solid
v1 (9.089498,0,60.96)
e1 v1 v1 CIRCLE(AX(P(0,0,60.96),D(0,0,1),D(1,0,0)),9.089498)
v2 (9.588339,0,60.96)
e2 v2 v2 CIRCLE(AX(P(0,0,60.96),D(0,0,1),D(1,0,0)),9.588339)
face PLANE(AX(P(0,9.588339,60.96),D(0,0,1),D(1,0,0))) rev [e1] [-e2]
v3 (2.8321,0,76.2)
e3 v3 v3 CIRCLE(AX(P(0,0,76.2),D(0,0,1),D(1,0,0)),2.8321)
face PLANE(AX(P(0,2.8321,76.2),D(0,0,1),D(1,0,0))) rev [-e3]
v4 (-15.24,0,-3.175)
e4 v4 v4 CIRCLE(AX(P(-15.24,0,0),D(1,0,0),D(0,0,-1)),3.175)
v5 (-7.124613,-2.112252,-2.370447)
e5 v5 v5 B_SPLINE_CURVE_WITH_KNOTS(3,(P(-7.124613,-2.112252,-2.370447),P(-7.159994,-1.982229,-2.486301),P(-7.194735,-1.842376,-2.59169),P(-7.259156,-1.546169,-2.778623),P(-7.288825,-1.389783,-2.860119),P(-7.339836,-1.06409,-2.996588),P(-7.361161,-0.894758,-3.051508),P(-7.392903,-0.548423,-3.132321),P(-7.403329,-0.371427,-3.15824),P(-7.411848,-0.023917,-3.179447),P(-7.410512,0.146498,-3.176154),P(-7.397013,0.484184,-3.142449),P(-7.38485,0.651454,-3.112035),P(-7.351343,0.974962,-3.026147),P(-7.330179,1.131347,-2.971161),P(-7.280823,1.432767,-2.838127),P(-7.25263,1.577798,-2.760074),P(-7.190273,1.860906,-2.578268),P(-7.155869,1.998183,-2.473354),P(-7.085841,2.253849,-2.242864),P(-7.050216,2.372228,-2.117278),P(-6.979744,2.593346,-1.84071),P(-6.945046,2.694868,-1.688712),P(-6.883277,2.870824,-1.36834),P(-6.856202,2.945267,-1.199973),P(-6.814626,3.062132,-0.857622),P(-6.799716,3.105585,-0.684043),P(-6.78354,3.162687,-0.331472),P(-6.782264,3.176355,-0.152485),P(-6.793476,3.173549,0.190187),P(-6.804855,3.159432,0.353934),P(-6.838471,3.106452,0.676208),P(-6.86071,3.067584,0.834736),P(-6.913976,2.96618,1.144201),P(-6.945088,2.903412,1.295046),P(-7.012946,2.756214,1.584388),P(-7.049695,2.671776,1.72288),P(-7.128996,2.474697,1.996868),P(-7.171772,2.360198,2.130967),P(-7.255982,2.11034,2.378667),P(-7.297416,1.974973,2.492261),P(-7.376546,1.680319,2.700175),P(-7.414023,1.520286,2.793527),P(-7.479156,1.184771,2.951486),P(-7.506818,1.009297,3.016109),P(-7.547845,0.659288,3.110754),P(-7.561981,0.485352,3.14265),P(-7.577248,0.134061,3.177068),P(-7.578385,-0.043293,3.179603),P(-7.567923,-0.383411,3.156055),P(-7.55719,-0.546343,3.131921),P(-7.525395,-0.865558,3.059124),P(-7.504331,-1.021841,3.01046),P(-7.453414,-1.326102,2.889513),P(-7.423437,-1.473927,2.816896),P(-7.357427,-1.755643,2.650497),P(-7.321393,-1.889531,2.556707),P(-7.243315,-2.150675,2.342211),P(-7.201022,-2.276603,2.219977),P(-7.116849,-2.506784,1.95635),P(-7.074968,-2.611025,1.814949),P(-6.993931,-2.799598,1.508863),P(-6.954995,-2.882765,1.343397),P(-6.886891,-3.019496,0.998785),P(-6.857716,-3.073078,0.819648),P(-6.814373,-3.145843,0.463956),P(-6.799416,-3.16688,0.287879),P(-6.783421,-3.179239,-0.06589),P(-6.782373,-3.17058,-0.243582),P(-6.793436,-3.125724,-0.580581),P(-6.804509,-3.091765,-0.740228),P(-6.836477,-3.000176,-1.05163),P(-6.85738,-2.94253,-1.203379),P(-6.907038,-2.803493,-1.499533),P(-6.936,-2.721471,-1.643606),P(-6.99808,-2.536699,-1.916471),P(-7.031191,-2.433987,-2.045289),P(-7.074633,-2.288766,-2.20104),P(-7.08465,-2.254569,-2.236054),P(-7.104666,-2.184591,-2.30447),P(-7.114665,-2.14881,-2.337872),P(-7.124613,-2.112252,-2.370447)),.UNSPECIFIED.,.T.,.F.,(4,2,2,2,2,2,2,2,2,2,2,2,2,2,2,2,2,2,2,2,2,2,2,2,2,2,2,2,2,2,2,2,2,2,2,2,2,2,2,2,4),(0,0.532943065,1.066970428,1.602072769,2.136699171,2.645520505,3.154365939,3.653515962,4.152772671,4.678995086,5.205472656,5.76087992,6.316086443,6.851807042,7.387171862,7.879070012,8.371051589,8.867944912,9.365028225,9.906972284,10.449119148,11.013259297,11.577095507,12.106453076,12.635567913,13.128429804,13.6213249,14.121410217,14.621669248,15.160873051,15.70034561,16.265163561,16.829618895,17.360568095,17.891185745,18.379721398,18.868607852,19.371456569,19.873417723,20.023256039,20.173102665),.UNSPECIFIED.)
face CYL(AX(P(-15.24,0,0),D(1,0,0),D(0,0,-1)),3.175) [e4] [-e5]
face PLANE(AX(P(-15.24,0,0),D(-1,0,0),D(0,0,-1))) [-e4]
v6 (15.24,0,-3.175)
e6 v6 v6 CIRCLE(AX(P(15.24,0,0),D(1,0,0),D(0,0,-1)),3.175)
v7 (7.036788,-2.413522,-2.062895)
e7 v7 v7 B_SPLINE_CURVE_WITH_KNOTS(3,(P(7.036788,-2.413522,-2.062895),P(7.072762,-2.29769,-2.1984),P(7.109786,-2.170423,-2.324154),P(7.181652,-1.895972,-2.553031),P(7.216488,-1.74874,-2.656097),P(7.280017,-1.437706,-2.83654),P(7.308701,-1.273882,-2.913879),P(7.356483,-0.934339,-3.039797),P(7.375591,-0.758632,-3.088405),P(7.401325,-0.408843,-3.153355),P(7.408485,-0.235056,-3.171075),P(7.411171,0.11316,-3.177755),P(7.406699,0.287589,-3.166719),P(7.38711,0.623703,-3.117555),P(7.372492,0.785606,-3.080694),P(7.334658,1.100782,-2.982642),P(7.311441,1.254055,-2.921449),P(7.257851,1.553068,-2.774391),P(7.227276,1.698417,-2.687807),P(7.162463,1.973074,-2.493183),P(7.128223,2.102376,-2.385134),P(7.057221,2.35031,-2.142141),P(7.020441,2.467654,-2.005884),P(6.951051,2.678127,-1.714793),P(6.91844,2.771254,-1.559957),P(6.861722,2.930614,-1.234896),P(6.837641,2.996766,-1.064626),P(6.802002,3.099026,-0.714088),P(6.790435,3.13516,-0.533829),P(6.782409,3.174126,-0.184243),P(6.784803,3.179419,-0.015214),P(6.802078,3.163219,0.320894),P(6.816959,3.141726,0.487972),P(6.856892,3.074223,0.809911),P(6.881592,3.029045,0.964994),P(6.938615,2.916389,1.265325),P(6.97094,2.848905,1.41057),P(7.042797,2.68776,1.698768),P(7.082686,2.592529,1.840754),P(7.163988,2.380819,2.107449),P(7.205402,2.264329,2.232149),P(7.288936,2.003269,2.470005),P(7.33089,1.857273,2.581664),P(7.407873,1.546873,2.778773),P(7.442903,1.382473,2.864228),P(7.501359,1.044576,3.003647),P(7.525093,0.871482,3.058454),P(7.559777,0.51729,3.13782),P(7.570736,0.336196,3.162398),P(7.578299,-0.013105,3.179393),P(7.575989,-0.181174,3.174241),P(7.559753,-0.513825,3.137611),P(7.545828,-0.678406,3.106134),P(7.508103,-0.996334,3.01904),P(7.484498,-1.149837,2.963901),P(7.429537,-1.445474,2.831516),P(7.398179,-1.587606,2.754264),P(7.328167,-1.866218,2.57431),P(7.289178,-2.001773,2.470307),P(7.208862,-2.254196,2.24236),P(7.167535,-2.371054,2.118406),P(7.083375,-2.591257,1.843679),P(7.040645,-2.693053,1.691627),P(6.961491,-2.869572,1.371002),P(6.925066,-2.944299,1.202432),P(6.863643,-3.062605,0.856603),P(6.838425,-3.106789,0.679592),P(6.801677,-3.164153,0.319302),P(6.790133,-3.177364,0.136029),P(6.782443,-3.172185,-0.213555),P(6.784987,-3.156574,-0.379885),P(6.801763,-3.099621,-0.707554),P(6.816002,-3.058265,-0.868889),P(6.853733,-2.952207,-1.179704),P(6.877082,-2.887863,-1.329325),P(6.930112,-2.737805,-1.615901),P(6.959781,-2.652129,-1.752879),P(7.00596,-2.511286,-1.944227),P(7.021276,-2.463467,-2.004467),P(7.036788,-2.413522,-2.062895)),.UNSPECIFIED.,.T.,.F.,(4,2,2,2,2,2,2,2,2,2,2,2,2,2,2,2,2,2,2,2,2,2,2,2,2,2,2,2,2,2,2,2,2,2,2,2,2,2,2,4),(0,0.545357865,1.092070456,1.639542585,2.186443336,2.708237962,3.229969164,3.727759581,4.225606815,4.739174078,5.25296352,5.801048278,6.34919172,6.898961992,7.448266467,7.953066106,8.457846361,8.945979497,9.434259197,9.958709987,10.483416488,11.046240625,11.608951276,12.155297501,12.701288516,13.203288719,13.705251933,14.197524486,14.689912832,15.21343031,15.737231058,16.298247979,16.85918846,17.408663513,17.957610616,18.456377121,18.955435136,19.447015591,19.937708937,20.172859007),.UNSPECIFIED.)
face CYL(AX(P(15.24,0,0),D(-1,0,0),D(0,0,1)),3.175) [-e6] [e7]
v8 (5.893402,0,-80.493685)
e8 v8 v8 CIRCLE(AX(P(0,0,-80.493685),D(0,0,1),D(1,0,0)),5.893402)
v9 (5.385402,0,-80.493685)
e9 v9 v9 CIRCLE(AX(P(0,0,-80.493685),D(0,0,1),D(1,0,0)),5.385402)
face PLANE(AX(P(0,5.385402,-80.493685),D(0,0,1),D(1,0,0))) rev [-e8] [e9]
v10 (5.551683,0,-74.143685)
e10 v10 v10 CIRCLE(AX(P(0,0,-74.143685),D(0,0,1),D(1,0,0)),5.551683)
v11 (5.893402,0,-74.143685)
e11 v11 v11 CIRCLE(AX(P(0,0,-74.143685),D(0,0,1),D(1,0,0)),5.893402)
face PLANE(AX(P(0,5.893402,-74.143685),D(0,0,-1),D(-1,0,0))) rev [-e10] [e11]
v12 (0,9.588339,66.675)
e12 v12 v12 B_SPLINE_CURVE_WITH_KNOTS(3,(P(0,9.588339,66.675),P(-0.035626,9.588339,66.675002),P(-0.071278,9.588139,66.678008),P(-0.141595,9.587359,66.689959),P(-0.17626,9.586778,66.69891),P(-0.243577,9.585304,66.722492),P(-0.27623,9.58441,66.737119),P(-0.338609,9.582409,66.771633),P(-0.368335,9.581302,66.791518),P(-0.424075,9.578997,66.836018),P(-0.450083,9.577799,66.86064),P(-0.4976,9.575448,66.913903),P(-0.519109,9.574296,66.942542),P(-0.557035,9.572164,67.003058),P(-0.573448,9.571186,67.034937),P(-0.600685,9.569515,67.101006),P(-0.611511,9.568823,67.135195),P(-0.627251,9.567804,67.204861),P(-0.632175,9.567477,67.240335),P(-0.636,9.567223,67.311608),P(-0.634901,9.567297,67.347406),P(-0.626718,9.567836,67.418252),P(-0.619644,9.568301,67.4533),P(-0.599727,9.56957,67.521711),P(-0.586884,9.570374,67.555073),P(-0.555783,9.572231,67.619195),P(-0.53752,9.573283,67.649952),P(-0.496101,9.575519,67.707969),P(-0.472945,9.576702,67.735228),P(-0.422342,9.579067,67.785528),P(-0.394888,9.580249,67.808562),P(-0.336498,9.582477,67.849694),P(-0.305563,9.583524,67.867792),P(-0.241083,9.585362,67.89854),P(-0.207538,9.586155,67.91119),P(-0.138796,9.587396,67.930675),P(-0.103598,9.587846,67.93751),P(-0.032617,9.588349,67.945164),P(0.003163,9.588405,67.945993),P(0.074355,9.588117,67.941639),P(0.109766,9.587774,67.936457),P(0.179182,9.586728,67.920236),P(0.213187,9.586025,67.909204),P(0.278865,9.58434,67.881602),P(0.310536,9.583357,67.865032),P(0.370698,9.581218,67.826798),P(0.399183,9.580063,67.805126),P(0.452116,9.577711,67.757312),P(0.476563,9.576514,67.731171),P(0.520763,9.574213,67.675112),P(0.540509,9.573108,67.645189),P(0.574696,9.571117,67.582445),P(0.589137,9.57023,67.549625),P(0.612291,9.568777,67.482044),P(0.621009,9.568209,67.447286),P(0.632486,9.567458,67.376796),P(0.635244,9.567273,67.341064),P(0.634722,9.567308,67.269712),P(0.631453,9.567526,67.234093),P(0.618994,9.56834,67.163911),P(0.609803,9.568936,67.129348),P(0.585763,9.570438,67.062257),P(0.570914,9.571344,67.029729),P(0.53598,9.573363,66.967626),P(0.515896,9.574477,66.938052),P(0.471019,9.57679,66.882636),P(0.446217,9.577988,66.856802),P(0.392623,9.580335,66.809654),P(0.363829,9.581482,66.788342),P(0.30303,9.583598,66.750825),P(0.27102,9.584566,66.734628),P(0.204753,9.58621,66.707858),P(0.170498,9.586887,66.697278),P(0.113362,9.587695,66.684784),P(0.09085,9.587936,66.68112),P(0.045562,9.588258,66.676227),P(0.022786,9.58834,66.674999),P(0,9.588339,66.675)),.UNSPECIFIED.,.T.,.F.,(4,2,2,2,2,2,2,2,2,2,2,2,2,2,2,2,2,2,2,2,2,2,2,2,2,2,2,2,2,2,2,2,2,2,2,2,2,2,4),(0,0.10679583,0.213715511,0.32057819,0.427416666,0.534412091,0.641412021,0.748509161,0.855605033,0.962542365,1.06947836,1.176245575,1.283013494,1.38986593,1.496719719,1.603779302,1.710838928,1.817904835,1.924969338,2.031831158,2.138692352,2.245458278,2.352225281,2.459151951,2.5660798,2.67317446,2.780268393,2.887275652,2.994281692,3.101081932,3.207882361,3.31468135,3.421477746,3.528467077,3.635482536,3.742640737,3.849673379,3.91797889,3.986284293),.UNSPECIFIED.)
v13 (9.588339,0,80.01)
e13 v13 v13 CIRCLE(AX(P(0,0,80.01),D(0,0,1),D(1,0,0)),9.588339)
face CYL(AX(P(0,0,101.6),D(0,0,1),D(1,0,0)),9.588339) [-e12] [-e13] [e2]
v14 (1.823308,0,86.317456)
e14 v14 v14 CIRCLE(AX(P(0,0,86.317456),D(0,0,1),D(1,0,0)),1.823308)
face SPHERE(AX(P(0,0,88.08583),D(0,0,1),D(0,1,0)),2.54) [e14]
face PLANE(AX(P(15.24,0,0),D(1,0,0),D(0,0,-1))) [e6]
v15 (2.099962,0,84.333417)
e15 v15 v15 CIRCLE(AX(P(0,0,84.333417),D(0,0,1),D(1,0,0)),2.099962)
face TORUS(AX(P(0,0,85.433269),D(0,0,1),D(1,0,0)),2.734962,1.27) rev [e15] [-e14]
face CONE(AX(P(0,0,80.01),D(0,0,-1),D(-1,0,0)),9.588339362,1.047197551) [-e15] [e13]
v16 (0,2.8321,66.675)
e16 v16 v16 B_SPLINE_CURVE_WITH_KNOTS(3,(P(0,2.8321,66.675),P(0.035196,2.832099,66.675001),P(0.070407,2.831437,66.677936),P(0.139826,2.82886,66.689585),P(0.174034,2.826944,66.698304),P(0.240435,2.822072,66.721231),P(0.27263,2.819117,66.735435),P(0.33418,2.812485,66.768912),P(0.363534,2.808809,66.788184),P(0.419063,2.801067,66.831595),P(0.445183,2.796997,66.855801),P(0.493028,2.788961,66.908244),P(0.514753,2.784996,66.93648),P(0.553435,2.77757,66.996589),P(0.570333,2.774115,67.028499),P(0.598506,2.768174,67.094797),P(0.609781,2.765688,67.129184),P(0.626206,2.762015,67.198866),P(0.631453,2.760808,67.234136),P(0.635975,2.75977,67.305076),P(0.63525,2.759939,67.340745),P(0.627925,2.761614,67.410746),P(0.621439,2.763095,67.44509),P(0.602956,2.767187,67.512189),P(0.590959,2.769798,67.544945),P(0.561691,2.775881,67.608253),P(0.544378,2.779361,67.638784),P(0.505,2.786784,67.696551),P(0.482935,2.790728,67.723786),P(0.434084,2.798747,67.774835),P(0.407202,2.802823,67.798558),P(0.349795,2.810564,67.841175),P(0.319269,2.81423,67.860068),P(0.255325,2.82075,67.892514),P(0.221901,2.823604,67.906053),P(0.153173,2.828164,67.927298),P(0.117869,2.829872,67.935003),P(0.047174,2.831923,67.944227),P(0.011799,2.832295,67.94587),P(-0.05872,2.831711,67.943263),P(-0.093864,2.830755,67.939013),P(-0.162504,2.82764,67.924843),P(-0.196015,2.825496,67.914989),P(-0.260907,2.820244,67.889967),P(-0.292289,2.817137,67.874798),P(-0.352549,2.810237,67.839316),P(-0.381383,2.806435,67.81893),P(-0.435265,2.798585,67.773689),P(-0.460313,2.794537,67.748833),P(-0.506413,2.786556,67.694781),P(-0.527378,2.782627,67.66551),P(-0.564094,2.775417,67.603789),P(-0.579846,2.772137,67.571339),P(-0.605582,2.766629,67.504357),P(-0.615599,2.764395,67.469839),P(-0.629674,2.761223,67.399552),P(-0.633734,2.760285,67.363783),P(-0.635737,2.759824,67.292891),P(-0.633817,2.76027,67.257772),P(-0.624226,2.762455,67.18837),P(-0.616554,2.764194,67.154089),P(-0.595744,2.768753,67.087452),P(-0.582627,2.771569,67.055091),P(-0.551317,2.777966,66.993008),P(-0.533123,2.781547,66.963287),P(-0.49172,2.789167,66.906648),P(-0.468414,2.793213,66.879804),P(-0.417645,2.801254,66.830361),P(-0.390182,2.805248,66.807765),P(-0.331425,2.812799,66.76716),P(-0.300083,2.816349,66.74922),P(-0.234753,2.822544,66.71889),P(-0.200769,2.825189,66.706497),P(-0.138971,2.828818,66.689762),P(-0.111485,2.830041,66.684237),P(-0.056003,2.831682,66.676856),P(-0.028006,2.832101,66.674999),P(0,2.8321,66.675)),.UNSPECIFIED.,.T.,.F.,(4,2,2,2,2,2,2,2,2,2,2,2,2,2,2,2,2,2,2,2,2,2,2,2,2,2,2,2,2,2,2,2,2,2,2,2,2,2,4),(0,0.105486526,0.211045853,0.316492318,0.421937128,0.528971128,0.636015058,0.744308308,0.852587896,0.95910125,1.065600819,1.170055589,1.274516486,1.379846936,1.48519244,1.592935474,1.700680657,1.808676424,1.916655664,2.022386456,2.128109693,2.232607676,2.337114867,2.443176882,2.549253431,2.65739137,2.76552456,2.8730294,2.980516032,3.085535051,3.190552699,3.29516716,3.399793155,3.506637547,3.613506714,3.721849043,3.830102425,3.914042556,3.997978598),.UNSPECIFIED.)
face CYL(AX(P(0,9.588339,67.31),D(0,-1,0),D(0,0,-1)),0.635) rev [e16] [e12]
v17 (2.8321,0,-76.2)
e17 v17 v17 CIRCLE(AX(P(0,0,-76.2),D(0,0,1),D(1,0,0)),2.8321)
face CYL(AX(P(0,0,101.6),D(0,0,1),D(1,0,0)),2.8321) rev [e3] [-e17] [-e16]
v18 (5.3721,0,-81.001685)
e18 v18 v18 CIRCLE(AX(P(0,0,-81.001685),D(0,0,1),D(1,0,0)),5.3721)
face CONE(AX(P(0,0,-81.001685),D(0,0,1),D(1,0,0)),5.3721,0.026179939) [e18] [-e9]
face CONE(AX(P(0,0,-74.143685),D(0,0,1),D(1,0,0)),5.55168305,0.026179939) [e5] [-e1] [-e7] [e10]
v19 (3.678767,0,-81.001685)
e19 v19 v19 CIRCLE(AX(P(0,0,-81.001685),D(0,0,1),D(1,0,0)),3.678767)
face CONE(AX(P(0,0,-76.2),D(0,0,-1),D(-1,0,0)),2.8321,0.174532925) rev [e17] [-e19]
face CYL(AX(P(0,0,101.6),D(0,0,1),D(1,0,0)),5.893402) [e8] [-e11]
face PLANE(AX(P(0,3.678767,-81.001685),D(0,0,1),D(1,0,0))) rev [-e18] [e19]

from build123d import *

# Parameters (mm, degrees)
BOSS_EXTRUDE1_START = 10.16
SKETCH3_R           = 3.175
BOSS_EXTRUDE1_DEPTH = 5.08
SKETCH4_R           = 0.635
CUT_EXTRUDE1_DEPTH  = 10.588339362


with BuildPart() as part:
    # Sketch1 → Revolve1 (revolve)
    with BuildSketch(Plane(origin=(0, 0, 0), x_dir=(0, 0, -1), z_dir=(1, 0, 0))):
        with BuildLine():
            Line((-76.2, 2.8321), (76.2, 2.8321))
            Line((76.2, 2.8321), (81.001685274, 3.678766667))
            Line((81.001685274, 3.678766667), (81.001685274, 5.3721))
            Line((81.001685274, 5.3721), (80.493685274, 5.385402448))
            Line((80.493685274, 5.385402448), (80.493685274, 5.893402448))
            Line((80.493685274, 5.893402448), (74.143685274, 5.893402448))
            Line((74.143685274, 5.893402448), (74.143685274, 5.55168305))
            Line((74.143685274, 5.55168305), (-60.96, 9.089497556))
            Line((-60.96, 9.089497556), (-60.96, 9.588339362))
            Line((-60.96, 9.588339362), (-80.01, 9.588339362))
            Line((-80.01, 9.588339362), (-84.333416613, 2.099962126))
            ThreePointArc((-84.333416613, 2.099962126), (-85.257877242, 1.477131543), (-86.317456021, 1.823308084))
            ThreePointArc((-86.317456021, 1.823308084), (-89.075761951, 2.339152699), (-90.625830312, 0))
            Line((-90.625830312, 0), (-85.545830312, 0))
            Line((-85.545830312, 0), (-76.2, 0))
            Line((-76.2, 0), (-76.2, 2.8321))
        make_face()
    revolve(axis=Axis((0, 0, 101.6), (0, 0, -1)))

    # Sketch3 → Boss-Extrude1 (add, symmetric)
    with BuildSketch(Plane(origin=(0, 0, 0), x_dir=(0, 0, -1), z_dir=(1, 0, 0)).offset(BOSS_EXTRUDE1_START)):
        Circle(SKETCH3_R)
    boss_extrude1 = extrude(amount=BOSS_EXTRUDE1_DEPTH, both=True)

    # Mirror1: Boss-Extrude1 across plane
    add(boss_extrude1.mirror(Plane(origin=(0, 0, 0), x_dir=(0, 0, 1), z_dir=(1, 0, 0))))

    # Sketch4 → Cut-Extrude1 (cut, through all)
    with BuildSketch(Plane(origin=(0, 0, 0), x_dir=(1, 0, 0), z_dir=(0, 1, 0))):
        with Locations((0, -67.31)):
            Circle(SKETCH4_R)
    extrude(amount=CUT_EXTRUDE1_DEPTH, mode=Mode.SUBTRACT)


solid = part.part
